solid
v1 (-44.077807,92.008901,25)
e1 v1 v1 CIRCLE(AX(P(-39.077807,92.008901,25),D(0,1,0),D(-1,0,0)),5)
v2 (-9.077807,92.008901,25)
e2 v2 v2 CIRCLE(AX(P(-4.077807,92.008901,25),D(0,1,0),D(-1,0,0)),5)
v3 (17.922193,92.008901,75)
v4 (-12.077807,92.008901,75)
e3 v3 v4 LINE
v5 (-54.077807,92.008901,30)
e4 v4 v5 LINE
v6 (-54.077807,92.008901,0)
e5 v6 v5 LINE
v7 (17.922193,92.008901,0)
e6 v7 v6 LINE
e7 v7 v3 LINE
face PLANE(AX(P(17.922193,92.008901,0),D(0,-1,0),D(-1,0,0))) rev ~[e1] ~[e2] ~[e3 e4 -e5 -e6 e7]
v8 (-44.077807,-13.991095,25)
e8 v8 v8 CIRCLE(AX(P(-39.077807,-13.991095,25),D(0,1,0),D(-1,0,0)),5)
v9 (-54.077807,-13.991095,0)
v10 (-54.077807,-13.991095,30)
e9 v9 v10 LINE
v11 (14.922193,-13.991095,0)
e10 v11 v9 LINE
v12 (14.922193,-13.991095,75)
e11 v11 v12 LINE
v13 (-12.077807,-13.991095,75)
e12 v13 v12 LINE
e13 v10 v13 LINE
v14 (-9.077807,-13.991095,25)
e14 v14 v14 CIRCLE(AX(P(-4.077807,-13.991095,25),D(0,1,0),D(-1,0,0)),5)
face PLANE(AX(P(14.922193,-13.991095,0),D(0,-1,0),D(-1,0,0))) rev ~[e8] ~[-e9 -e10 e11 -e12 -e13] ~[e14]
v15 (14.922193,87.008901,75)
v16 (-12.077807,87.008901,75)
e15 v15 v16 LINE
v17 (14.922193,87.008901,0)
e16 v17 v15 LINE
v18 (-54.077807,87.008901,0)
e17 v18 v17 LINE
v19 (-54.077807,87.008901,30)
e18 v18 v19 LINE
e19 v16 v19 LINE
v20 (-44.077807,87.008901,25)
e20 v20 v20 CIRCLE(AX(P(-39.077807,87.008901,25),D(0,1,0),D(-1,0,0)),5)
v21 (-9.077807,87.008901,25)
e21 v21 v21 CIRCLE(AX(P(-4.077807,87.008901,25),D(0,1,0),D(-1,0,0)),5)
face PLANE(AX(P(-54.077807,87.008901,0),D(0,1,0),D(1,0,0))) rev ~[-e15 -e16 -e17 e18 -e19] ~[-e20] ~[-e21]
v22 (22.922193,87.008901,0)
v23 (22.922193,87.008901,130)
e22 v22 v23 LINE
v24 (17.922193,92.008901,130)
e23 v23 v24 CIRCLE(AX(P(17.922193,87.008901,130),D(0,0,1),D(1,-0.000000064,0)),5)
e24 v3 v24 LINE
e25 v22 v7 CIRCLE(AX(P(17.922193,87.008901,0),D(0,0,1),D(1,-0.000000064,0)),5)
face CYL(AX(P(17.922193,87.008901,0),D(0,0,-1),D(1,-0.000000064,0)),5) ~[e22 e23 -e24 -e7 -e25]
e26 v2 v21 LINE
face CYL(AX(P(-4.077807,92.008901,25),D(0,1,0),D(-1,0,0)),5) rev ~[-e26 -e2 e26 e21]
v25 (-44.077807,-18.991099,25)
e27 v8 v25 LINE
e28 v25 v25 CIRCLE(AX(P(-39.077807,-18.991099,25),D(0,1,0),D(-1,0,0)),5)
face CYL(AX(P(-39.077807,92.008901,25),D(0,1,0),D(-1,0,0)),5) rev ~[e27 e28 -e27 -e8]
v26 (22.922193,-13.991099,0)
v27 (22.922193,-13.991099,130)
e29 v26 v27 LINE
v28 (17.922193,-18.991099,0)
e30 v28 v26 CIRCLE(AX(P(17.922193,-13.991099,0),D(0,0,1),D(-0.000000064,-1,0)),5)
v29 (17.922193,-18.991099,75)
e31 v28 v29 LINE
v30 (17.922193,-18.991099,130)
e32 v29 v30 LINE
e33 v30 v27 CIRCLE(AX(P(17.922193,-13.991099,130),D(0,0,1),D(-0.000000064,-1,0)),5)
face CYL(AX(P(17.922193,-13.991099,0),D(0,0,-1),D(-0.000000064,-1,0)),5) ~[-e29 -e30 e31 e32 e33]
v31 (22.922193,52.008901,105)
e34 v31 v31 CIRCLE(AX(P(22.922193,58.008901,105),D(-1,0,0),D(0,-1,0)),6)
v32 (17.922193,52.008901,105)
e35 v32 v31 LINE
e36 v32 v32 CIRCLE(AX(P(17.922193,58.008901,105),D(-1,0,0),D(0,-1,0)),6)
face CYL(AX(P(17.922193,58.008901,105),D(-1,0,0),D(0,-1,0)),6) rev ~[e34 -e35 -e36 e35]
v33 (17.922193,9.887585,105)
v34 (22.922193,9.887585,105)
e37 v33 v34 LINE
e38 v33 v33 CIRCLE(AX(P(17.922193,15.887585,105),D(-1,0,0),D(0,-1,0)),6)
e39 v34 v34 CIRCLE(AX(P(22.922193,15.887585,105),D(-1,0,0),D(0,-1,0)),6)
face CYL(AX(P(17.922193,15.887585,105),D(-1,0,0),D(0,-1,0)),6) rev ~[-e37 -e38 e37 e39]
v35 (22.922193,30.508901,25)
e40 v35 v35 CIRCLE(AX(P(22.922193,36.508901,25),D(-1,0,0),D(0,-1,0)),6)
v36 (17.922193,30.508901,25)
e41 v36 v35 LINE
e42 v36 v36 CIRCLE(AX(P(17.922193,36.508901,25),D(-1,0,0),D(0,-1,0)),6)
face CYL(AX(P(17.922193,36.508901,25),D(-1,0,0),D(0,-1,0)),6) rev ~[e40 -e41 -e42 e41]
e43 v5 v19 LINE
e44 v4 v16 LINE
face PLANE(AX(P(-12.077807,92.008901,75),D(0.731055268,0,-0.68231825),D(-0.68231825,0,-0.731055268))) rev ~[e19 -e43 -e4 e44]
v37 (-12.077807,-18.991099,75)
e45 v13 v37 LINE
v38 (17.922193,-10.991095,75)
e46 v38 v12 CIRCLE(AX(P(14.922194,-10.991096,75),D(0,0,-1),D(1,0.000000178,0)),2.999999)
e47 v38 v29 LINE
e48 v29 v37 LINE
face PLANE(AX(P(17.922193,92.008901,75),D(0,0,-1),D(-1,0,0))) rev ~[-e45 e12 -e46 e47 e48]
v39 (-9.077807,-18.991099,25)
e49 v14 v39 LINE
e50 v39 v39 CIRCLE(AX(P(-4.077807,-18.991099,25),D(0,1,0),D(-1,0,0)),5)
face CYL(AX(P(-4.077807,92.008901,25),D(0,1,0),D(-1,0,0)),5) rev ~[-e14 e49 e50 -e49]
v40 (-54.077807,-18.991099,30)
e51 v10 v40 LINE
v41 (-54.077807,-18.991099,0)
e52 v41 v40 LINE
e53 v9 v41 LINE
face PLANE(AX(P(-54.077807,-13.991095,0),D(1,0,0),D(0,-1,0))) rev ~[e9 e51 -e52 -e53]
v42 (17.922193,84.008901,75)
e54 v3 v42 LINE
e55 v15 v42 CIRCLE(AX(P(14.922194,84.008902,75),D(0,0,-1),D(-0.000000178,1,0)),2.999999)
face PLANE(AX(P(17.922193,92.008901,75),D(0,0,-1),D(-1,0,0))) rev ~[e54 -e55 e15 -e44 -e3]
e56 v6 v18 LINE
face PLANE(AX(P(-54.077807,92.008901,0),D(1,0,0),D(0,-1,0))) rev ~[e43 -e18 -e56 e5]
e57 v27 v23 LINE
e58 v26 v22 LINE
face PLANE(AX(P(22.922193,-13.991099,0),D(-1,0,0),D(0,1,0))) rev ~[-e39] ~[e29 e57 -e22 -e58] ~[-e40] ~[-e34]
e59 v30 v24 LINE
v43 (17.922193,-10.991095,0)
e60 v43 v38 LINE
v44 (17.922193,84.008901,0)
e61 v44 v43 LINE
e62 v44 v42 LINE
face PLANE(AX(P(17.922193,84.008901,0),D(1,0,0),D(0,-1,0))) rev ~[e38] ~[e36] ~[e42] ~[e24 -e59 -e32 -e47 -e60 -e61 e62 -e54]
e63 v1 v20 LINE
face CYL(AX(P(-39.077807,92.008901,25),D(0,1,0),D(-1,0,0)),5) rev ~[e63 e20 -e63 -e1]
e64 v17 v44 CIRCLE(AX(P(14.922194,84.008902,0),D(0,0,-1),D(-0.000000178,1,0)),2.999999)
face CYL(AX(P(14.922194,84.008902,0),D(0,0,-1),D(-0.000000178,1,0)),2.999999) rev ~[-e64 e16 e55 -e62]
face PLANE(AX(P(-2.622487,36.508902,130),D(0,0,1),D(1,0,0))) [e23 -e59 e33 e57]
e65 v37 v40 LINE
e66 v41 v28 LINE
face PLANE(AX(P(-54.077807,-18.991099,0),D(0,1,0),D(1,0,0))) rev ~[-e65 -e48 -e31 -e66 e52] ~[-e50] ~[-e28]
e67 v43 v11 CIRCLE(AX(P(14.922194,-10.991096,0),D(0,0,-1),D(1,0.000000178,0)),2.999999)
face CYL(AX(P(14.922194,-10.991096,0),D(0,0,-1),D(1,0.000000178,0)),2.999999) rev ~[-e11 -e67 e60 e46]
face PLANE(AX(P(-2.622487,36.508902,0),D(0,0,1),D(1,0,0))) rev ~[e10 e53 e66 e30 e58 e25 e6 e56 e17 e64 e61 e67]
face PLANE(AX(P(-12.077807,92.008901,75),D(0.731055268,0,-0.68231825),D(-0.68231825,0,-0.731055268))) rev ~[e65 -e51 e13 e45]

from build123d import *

# Parameters (mm, degrees)
F1_DEPTH = 130
F2_R     = 6
F3_DEPTH = 5.001
F4_R     = 5
F5_DEPTH = 111.001


with BuildPart() as f1:
    # F0 (on Top) → F1 (new body)
    with BuildSketch(Plane.XY):
        with BuildLine():
            Line((17.922193, 92.008901), (-54.077807, 92.008901))
            Line((-54.077807, 92.008901), (-54.077807, 87.008901))
            Line((-54.077807, 87.008901), (14.922193, 87.008901))
            ThreePointArc((14.922193, 87.008901), (17.043514, 86.130221), (17.922193, 84.008901))
            Line((17.922193, 84.008901), (17.922193, -10.991095))
            ThreePointArc((17.922193, -10.991095), (17.043514, -13.112415), (14.922193, -13.991095))
            Line((14.922193, -13.991095), (-54.077807, -13.991095))
            Line((-54.077807, -13.991095), (-54.077807, -18.991099))
            Line((-54.077807, -18.991099), (17.922193, -18.991099))
            ThreePointArc((17.922193, -18.991099), (21.457727, -17.526633), (22.922193, -13.991099))
            Line((22.922193, -13.991099), (22.922193, 87.008901))
            ThreePointArc((22.922193, 87.008901), (21.457727, 90.544435), (17.922193, 92.008901))
        make_face()
    extrude(amount=F1_DEPTH)

    # F2 (on face) → F3 (cut, through all)
    with BuildSketch(Plane(origin=(17.922193, 0, 0), x_dir=(0, -1, 0), z_dir=(-1, 0, 0))):
        with Locations((-15.887585, 105)):
            Circle(F2_R)
        with Locations((-36.508901, 25)):
            Circle(F2_R)
        with Locations((-58.008901, 105)):
            Circle(F2_R)
    extrude(amount=-F3_DEPTH, mode=Mode.SUBTRACT)

    # F4 (on face) → F5 (cut, through all)
    with BuildSketch(Plane(origin=(0, 92.008901, 0), x_dir=(-1, 0, 0), z_dir=(0, 1, 0))):
        with Locations((39.077807, 25)):
            Circle(F4_R)
        with Locations((4.077807, 25)):
            Circle(F4_R)
        Polygon((12.077807, 75), (54.077807, 30), (54.077807, 130), (-17.922193, 130), (-17.922193, 75), align=None)
    extrude(amount=-F5_DEPTH, mode=Mode.SUBTRACT)


solid = f1.part
